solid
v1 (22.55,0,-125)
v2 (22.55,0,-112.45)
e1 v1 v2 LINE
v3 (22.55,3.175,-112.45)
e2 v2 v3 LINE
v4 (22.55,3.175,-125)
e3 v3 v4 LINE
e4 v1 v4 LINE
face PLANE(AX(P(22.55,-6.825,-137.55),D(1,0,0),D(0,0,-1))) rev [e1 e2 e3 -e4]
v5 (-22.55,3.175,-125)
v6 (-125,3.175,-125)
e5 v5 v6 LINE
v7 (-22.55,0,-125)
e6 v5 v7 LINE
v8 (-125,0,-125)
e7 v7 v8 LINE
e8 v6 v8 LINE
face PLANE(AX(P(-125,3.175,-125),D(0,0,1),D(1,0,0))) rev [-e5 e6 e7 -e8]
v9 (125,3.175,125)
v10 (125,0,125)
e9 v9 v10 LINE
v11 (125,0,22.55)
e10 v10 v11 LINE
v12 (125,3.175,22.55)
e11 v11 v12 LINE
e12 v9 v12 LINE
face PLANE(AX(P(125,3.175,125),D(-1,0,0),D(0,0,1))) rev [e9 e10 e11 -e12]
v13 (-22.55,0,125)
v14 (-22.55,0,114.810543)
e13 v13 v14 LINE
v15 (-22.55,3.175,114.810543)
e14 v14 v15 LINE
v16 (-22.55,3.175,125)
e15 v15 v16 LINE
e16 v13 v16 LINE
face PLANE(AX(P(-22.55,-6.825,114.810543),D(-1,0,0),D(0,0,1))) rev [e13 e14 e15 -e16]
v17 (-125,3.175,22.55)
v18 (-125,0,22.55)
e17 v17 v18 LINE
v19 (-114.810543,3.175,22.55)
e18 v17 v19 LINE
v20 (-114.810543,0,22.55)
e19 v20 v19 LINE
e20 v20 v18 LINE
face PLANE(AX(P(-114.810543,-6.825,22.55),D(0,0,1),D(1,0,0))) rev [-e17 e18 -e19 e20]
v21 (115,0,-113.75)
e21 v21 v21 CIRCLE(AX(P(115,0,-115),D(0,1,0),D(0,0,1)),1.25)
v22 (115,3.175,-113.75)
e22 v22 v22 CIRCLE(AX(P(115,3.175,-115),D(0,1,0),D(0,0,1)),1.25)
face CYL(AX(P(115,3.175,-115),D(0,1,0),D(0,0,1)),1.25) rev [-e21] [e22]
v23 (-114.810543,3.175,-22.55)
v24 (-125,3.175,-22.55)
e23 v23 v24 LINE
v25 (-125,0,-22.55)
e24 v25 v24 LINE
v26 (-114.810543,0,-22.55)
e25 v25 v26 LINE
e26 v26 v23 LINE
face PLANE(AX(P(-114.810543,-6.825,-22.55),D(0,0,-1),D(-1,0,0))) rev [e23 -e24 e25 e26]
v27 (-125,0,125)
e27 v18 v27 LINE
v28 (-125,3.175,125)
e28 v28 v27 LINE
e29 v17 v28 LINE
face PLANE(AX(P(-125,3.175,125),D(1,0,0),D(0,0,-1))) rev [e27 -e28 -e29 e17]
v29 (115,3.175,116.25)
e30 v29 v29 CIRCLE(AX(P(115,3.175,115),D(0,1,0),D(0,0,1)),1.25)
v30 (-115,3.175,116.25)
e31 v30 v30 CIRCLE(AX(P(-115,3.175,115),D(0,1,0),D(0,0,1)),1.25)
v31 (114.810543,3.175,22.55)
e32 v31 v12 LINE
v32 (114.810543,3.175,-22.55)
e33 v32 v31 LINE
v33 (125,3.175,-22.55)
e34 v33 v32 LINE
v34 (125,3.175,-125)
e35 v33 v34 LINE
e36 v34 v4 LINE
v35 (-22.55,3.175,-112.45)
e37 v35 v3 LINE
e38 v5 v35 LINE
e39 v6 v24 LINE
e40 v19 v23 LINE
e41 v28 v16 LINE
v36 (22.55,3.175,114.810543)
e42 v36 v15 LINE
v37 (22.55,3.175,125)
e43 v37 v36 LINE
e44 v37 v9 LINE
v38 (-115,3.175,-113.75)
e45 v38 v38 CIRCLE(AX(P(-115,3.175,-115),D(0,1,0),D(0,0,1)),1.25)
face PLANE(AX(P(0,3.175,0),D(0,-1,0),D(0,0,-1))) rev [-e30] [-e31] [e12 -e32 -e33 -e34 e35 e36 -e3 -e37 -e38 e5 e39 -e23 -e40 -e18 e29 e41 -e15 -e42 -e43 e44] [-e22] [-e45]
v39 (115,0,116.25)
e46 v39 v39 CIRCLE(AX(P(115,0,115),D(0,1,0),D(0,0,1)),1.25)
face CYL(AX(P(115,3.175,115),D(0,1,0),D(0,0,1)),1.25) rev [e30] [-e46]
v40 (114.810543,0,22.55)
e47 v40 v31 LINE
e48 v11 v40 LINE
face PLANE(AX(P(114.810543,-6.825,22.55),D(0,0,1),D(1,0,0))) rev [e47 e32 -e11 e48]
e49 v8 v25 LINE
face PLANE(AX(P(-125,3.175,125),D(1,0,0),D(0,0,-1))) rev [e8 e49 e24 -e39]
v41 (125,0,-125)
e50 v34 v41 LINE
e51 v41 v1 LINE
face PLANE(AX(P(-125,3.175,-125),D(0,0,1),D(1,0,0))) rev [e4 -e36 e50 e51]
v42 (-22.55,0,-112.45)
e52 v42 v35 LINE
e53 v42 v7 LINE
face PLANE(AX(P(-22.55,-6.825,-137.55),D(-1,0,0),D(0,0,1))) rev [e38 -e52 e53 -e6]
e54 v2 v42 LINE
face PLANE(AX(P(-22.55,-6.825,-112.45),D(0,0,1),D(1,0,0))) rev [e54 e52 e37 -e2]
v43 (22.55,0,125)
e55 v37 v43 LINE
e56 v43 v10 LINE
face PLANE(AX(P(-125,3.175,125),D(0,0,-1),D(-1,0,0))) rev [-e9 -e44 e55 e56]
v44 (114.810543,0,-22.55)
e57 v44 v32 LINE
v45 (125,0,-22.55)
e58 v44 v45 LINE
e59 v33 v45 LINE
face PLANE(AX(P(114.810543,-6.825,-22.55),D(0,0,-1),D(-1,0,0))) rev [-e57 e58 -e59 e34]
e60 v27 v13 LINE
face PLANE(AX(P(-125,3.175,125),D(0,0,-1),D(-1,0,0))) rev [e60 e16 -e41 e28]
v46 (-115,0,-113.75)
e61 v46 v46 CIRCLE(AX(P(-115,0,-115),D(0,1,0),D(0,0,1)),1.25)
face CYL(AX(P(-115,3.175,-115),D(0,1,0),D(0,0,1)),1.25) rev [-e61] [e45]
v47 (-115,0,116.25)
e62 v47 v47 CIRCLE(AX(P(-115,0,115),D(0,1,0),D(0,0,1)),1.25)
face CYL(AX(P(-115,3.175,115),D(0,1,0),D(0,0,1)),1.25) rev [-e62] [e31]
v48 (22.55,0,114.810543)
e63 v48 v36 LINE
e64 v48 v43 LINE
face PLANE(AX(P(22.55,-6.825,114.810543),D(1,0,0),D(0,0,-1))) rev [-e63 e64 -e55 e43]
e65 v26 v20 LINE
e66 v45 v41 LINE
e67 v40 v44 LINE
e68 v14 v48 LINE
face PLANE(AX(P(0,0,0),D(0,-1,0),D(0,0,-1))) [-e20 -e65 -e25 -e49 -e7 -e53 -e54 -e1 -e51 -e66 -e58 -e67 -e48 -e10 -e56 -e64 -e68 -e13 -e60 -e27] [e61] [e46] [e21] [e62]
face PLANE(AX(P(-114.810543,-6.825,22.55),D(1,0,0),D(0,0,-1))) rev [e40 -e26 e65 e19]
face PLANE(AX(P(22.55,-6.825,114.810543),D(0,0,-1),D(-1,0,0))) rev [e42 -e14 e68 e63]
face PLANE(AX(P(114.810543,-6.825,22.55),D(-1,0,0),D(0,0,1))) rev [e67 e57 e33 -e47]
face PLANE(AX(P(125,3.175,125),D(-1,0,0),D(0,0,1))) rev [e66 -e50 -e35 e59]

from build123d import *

# Parameters (mm, degrees)
SKETCH2_W          = 250
SKETCH2_H          = 250
BASE_DEPTH         = 3.175
SKETCH4_W          = 45.1
SKETCH4_H          = 25.1
SKETCH4_W_2        = 20.378913316
SKETCH4_H_2        = 45.1
SKETCH4_H_3        = 20.378913316
JIGSAW_DEPTH       = 10
STANDOFF_HOLES_D   = 2.5
STANDOFF_HOLES_2_D = 2.5


with BuildPart() as part:
    # Sketch2 → Base (new body)
    with BuildSketch(Plane(origin=(0, 0, 0), x_dir=(1, 0, 0), z_dir=(0, 1, 0))):
        Rectangle(SKETCH2_W, SKETCH2_H)
    extrude(amount=BASE_DEPTH)

    # Sketch4 → Jigsaw (cut)
    with BuildSketch(Plane(origin=(0, 3.175, 0), x_dir=(1, 0, 0), z_dir=(0, 1, 0))):
        with Locations((0, 125)):
            Rectangle(SKETCH4_W, SKETCH4_H)
        with Locations((-125, 0)):
            Rectangle(SKETCH4_W_2, SKETCH4_H_2)
        with Locations((125, 0)):
            Rectangle(SKETCH4_W_2, SKETCH4_H_2)
        with Locations((0, -125)):
            Rectangle(SKETCH4_W, SKETCH4_H_3)
    extrude(amount=-JIGSAW_DEPTH, mode=Mode.SUBTRACT)

    # Standoff Holes (through all)
    with Locations(Plane(origin=(0, 3.175, 0), x_dir=(1, 0, 0), z_dir=(0, 1, 0))):
        with Locations((-115, 115)):
            Hole(STANDOFF_HOLES_D / 2)

    # Standoff Holes 2 (through all)
    with Locations(Plane(origin=(0, 3.175, 0), x_dir=(1, 0, 0), z_dir=(0, 1, 0))):
        with Locations((115, 115), (115, -115), (-115, -115)):
            Hole(STANDOFF_HOLES_2_D / 2)


solid = part.part
